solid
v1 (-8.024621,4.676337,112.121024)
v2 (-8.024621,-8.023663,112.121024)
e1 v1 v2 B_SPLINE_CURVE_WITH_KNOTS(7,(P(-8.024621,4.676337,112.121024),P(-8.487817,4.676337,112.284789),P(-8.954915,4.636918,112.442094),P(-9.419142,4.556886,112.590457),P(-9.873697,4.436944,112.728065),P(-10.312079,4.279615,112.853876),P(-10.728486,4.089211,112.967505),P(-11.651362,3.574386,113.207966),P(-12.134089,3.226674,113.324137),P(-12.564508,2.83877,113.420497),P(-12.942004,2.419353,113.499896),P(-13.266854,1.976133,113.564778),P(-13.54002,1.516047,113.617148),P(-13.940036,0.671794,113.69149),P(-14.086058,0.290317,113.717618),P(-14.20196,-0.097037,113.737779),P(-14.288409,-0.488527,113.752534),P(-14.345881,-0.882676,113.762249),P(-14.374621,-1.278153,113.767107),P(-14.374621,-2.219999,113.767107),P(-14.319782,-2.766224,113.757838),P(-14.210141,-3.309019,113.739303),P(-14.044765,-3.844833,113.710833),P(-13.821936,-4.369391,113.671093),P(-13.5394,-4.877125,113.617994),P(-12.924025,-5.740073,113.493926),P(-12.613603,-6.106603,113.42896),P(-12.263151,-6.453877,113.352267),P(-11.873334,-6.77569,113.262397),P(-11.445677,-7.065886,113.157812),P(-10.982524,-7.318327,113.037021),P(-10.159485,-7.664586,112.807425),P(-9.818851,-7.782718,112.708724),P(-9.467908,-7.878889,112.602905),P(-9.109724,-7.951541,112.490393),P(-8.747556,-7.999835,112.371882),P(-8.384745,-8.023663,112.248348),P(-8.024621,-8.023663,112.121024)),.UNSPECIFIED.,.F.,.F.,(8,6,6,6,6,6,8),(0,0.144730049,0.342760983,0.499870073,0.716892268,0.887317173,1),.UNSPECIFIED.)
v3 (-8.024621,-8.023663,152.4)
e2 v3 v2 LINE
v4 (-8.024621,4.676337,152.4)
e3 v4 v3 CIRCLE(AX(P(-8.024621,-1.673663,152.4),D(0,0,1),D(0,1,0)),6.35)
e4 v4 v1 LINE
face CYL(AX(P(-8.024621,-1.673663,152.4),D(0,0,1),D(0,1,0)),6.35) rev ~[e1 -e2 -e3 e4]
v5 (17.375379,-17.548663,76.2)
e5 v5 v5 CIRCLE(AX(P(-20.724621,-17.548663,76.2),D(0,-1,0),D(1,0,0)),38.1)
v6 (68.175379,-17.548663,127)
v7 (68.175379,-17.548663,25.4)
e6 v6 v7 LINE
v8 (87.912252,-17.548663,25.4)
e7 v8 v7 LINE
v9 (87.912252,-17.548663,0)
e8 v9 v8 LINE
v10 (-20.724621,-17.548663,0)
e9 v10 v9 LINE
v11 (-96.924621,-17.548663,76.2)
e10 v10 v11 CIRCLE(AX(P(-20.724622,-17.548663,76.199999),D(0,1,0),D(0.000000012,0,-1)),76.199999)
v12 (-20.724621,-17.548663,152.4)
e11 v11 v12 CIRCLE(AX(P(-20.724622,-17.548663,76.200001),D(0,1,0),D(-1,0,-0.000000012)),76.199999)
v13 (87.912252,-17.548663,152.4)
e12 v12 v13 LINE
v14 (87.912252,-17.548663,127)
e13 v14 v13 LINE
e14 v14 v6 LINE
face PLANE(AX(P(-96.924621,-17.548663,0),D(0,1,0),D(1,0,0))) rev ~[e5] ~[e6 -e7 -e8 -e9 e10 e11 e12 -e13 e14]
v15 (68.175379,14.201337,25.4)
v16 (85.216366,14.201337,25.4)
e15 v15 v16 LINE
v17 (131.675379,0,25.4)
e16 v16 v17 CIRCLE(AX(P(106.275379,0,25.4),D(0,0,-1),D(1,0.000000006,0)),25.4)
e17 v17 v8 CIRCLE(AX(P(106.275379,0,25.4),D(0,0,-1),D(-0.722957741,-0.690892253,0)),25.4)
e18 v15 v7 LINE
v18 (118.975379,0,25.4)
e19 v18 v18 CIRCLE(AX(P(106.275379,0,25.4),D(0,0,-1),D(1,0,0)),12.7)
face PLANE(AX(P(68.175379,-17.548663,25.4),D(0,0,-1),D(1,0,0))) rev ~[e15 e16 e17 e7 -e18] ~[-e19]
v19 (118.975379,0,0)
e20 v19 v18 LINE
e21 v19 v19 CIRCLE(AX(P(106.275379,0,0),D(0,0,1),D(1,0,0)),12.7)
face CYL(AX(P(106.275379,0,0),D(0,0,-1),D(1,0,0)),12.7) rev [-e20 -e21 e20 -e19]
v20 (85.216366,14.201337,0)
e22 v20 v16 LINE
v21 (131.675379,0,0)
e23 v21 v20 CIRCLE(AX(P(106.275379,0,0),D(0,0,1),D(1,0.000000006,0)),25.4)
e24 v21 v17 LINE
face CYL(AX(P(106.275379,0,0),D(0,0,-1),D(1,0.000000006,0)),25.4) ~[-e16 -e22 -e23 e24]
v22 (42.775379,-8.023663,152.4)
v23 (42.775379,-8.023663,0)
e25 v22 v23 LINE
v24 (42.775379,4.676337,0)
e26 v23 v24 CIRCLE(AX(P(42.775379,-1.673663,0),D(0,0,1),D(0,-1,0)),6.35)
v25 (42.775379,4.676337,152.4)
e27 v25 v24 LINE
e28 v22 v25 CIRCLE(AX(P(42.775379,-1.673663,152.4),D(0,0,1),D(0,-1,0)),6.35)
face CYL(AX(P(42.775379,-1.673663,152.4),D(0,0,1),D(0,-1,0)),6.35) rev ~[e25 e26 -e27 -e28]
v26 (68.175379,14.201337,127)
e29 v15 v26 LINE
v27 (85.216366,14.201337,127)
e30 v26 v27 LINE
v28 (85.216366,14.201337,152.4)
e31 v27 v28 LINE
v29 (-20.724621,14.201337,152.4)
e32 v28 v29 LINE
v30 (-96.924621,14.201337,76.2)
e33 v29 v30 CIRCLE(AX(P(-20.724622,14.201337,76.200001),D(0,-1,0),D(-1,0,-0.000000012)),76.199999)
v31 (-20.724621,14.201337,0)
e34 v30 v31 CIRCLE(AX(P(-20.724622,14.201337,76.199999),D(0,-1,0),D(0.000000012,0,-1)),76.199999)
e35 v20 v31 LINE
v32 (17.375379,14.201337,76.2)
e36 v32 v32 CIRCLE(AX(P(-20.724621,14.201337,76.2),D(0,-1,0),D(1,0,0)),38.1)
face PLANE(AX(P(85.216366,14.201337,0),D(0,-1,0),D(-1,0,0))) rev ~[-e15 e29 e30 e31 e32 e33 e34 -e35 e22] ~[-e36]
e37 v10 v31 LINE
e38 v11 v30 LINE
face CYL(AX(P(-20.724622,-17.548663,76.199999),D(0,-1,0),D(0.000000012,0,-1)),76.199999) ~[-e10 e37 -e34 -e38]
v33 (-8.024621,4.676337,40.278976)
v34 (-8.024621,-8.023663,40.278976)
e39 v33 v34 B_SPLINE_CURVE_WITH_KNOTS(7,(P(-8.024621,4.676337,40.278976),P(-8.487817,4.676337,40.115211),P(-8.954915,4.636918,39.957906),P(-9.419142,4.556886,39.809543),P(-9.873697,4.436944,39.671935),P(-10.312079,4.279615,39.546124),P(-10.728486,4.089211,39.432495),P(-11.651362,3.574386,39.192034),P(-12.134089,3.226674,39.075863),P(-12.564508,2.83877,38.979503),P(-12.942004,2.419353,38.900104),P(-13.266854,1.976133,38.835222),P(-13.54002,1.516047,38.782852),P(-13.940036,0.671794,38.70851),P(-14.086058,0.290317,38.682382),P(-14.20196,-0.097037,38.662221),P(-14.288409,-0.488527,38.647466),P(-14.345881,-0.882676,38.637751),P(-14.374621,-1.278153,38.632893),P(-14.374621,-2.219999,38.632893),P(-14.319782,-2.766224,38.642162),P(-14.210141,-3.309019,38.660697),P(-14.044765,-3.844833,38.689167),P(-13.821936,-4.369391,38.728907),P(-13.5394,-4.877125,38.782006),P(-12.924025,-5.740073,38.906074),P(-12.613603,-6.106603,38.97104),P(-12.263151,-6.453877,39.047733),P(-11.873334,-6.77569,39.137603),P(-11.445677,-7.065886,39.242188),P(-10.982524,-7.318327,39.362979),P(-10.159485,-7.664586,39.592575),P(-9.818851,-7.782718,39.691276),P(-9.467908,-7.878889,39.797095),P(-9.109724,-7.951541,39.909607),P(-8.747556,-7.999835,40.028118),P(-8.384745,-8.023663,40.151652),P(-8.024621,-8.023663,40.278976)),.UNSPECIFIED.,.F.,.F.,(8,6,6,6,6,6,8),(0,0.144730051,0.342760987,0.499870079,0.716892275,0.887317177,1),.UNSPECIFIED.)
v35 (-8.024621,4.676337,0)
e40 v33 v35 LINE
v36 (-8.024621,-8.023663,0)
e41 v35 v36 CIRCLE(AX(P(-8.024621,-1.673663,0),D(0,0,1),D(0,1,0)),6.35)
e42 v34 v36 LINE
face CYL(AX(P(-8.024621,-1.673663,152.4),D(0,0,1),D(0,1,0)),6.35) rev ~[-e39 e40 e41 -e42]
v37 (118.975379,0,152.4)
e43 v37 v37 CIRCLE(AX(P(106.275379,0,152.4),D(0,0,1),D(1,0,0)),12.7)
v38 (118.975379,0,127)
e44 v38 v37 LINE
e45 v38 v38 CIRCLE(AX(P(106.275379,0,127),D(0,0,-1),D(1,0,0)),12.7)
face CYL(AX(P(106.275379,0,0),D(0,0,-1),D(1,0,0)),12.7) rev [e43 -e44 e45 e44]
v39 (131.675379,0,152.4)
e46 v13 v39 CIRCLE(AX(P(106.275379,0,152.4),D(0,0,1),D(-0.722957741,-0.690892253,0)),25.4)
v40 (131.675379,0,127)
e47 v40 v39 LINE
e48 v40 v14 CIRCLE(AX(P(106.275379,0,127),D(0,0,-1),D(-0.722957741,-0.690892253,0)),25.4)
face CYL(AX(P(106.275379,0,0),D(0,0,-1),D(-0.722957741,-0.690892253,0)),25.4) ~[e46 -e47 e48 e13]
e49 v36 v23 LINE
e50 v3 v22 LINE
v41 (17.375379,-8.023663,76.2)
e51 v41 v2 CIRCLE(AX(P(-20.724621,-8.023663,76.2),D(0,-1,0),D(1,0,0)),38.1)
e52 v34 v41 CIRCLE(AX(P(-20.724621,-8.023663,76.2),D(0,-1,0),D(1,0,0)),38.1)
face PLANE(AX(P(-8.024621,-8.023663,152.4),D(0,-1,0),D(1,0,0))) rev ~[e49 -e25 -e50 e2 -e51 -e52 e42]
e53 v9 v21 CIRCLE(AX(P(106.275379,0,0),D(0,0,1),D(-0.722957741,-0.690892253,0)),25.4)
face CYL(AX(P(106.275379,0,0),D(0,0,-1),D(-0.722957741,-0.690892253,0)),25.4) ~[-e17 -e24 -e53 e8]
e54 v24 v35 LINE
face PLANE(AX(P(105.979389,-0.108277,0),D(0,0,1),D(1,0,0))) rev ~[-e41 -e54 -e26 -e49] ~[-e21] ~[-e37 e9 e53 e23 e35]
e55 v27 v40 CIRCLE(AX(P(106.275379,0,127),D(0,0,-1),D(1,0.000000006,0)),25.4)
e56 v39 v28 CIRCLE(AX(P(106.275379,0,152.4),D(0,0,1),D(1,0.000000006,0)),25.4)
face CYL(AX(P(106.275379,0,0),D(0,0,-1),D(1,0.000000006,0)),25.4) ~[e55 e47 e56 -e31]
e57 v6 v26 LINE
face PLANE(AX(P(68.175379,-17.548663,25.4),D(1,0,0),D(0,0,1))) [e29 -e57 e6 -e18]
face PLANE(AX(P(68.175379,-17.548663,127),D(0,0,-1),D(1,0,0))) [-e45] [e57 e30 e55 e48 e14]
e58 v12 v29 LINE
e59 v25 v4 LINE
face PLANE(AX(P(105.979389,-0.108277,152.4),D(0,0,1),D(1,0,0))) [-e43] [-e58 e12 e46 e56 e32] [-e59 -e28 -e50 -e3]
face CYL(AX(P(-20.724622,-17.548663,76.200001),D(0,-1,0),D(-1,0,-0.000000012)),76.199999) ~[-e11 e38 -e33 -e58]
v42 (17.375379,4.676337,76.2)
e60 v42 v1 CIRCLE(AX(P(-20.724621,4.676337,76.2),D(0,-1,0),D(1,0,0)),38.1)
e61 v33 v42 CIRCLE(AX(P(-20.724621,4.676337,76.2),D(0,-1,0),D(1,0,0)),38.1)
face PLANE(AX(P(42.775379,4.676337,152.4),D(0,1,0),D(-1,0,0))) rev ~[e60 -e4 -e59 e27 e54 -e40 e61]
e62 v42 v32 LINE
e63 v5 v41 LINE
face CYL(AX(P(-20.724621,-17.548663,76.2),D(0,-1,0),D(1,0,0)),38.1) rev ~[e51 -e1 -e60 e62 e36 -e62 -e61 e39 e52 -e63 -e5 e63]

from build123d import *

# Parameters (mm, degrees)
F0_R     = 12.7
F1_DEPTH = 152.4
F2_R     = 38.1
F3_DEPTH = 42.949663
F5_DEPTH = 152.401
F6_W     = 157.67442
F6_H     = 101.6
F7_DEPTH = 838.2


with BuildPart() as f1:
    # F0 (on Top) → F1 (new body)
    with BuildSketch(Plane.XY):
        with BuildLine():
            ThreePointArc((87.912252, -17.548663), (115.728859, -23.575235), (131.675379, 0))
            ThreePointArc((131.675379, 0), (113.700373, 24.290522), (85.216366, 14.201337))
            ThreePointArc((85.216366, 14.201337), (80.96645, -2.148976), (87.912252, -17.548663))
        make_face()
        with Locations((106.275379, 0)):
            Circle(F0_R, mode=Mode.SUBTRACT)
        with BuildLine():
            ThreePointArc((87.912252, -17.548663), (80.96645, -2.148976), (85.216366, 14.201337))
            Line((85.216366, 14.201337), (-96.924621, 14.201337))
            Line((-96.924621, 14.201337), (-96.924621, -17.548663))
            Line((-96.924621, -17.548663), (87.912252, -17.548663))
        make_face()
    extrude(amount=F1_DEPTH)

    # F2 (on face) → F3 (cut, through all)
    with BuildSketch(Plane.XZ.offset(17.548663)):
        with BuildLine():
            ThreePointArc((-96.924621, 76.2), (-74.606158, 130.081537), (-20.724621, 152.4))
            Line((-20.724621, 152.4), (-96.924621, 152.4))
            Line((-96.924621, 152.4), (-96.924621, 76.2))
        make_face()
        with BuildLine():
            ThreePointArc((-20.724621, 0), (-74.606158, 22.318463), (-96.924621, 76.2))
            Line((-96.924621, 76.2), (-96.924621, 0))
            Line((-96.924621, 0), (-20.724621, 0))
        make_face()
        Polygon((-96.924621, 0), (-96.924621, 76.2), (-96.924621, 152.4), (-108.673256, 152.4), (-108.673256, 0), align=None)
        with Locations((-20.724621, 76.2)):
            Circle(F2_R)
    extrude(amount=-F3_DEPTH, mode=Mode.SUBTRACT)

    # F4 (on face) → F5 (cut, through all)
    with BuildSketch(Plane.XY.offset(152.4)):
        with BuildLine():
            Line((-8.024621, -8.023663), (42.775379, -8.023663))
            ThreePointArc((42.775379, -8.023663), (49.125379, -1.673663), (42.775379, 4.676337))
            Line((42.775379, 4.676337), (-8.024621, 4.676337))
            ThreePointArc((-8.024621, 4.676337), (-14.374621, -1.673663), (-8.024621, -8.023663))
        make_face()
    extrude(amount=-F5_DEPTH, mode=Mode.SUBTRACT)

    # F6 (on face) → F7 (cut, symmetric)
    with BuildSketch(Plane.XZ.offset(17.548663)):
        with Locations((147.012589, 76.2)):
            Rectangle(F6_W, F6_H)
    extrude(amount=F7_DEPTH, both=True, mode=Mode.SUBTRACT)


solid = f1.part
